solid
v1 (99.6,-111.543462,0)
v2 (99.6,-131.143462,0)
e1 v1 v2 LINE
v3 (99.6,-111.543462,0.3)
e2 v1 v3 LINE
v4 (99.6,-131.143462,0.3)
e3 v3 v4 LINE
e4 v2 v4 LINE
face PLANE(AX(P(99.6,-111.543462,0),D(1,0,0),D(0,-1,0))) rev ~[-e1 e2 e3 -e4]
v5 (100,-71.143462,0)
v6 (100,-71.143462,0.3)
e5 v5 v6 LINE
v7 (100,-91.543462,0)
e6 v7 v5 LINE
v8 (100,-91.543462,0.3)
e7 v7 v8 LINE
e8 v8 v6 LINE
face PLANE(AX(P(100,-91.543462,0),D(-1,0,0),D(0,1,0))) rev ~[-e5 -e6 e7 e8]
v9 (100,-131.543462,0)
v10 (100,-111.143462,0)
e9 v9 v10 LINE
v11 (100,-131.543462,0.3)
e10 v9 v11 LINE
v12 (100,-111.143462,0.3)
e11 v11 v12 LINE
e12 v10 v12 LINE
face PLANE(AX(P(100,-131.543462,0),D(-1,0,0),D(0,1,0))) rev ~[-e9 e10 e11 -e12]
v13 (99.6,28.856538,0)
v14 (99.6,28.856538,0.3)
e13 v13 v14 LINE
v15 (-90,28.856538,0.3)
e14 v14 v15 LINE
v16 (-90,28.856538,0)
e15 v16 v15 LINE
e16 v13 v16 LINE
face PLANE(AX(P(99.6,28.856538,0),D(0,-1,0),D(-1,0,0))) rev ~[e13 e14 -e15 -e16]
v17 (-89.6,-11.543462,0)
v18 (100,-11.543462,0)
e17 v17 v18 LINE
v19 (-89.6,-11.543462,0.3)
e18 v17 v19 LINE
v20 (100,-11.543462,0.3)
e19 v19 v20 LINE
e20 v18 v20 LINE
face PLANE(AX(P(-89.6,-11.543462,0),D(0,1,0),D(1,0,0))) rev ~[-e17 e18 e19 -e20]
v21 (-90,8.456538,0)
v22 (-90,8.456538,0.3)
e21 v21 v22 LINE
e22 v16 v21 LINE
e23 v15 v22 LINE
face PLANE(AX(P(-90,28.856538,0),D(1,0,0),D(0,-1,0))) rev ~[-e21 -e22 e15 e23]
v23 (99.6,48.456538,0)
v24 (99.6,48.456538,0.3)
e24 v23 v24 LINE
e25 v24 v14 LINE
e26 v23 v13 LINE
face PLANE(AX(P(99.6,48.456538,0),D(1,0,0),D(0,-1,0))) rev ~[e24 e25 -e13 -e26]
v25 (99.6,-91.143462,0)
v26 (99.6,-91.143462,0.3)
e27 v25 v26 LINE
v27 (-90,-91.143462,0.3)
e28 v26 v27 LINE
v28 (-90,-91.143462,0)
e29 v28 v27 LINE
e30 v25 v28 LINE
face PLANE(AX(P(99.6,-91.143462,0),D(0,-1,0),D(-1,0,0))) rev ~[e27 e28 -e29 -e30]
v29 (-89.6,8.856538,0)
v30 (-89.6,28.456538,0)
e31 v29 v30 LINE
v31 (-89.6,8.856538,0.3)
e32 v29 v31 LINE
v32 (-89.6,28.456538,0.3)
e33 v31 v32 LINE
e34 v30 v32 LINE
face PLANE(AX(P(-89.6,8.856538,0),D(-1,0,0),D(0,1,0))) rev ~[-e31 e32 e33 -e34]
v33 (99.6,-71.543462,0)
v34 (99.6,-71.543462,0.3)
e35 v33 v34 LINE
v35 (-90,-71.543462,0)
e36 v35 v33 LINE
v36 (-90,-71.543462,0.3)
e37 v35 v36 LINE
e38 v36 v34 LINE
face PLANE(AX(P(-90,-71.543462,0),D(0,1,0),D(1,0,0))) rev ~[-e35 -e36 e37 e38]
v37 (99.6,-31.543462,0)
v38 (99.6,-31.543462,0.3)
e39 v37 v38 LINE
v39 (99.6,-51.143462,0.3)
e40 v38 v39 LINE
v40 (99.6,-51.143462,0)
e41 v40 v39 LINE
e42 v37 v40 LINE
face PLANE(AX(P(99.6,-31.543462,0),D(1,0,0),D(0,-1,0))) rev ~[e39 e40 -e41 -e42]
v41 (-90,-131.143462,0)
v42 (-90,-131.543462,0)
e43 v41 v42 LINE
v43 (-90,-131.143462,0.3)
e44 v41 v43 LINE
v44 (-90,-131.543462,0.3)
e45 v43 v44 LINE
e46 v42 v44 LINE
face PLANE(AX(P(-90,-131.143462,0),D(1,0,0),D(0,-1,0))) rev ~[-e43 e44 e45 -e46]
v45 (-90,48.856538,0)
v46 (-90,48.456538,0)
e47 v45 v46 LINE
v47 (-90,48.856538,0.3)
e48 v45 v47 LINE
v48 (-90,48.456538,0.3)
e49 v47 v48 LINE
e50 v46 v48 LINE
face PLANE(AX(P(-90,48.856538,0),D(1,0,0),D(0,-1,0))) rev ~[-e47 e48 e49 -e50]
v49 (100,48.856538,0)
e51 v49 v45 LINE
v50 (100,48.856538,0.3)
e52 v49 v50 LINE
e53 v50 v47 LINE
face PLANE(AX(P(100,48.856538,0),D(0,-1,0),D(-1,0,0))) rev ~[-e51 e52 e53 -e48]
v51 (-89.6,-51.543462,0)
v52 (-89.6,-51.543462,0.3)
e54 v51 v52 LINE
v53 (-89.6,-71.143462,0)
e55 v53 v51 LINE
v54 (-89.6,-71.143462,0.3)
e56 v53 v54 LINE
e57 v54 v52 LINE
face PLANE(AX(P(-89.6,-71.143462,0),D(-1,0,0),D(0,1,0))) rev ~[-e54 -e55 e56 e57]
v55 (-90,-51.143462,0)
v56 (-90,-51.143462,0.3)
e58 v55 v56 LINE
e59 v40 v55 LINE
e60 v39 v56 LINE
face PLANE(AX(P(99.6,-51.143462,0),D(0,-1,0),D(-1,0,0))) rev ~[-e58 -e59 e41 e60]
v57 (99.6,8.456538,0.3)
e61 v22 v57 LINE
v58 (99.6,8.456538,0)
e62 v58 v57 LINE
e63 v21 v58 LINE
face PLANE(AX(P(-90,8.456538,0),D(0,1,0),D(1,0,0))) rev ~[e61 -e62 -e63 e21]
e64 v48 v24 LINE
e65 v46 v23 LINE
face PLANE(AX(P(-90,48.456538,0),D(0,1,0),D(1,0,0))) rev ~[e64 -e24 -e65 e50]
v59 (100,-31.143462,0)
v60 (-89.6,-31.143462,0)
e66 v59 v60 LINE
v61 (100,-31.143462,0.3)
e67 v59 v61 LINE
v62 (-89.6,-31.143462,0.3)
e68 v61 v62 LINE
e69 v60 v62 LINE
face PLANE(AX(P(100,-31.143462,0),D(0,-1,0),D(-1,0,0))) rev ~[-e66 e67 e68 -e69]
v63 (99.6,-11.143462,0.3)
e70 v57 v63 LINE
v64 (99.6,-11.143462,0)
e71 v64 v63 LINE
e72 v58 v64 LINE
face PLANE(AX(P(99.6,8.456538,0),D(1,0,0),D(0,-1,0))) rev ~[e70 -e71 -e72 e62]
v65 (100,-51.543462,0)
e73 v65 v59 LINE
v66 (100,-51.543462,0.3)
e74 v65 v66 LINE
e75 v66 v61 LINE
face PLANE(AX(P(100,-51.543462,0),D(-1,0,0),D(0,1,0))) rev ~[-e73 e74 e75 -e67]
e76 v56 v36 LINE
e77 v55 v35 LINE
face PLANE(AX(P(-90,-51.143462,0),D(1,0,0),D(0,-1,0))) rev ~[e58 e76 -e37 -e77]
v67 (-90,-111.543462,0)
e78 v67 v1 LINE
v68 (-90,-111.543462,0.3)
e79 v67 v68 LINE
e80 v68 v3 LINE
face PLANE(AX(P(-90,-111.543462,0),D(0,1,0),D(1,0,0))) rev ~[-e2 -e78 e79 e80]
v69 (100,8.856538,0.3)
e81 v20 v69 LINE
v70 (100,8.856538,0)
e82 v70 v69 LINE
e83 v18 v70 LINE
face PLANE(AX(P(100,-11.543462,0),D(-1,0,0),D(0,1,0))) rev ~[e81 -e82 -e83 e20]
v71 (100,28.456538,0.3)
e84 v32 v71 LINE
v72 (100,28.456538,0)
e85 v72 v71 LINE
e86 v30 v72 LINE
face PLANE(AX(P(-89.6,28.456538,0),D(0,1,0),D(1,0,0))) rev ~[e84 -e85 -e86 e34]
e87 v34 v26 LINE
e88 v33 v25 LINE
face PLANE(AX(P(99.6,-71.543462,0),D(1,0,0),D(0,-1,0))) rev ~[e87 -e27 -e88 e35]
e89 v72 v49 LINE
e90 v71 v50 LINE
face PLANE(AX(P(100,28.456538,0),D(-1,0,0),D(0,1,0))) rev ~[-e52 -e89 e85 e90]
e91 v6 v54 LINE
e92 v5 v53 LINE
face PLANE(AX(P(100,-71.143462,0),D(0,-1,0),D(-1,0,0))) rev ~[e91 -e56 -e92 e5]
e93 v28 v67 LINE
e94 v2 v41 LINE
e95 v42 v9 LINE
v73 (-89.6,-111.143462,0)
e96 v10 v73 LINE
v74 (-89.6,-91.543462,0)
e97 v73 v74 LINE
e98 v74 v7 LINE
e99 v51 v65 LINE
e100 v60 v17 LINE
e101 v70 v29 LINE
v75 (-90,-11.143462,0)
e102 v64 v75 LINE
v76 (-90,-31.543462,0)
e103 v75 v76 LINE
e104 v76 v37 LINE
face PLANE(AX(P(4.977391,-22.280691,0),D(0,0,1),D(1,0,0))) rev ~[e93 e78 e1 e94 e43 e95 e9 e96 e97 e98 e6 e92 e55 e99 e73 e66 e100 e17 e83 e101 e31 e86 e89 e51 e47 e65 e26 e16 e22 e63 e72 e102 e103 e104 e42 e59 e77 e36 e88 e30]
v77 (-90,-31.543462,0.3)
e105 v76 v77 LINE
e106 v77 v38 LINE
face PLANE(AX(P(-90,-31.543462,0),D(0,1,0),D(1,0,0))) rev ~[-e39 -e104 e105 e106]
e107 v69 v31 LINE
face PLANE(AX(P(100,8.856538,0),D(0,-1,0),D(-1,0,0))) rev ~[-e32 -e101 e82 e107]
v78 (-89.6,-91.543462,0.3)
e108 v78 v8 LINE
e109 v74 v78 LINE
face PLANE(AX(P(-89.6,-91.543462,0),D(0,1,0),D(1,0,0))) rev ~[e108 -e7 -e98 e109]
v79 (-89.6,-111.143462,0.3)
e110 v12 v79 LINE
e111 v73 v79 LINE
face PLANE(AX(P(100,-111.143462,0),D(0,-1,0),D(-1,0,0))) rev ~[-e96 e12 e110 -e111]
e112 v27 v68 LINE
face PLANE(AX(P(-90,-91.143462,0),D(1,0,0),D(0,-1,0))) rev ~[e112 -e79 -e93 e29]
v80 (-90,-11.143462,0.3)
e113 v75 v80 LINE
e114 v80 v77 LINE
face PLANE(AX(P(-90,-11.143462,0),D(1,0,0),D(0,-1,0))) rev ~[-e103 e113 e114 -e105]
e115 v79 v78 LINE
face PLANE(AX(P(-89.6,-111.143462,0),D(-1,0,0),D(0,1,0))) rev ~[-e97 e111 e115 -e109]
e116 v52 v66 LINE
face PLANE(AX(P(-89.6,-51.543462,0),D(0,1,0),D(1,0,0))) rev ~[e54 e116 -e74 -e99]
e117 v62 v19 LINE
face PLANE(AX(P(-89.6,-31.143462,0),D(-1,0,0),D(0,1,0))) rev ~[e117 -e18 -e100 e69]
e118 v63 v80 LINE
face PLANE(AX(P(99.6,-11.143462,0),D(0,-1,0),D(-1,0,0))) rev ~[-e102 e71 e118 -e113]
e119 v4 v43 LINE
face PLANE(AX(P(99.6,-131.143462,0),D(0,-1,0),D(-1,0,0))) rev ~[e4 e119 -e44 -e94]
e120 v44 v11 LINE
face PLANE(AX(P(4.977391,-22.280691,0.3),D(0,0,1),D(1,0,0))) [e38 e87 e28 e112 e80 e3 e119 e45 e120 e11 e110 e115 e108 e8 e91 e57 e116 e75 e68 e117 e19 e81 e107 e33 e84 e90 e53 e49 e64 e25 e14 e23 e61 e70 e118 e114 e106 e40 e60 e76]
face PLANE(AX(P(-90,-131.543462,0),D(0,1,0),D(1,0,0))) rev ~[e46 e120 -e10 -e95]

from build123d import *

# Parameters (mm, degrees)
F1_DEPTH = 0.3


with BuildPart() as f1:
    # F0 (on Top) → F1 (new body)
    with BuildSketch(Plane.XY):
        Polygon((100, 48.856538), (-90, 48.856538), (-90, 48.456538), (99.6, 48.456538), (99.6, 28.856538), (-90, 28.856538), (-90, 28.456538), (-90, 8.856538), (-90, 8.456538), (99.6, 8.456538), (99.6, -11.143462), (-90, -11.143462), (-90, -11.543462), (-90, -31.143462), (-90, -31.543462), (99.6, -31.543462), (99.6, -51.143462), (-90, -51.143462), (-90, -51.543462), (-90, -71.143462), (-90, -71.543462), (99.6, -71.543462), (99.6, -91.143462), (-90, -91.143462), (-90, -91.543462), (-90, -111.143462), (-89.6, -111.143462), (-89.6, -91.543462), (100, -91.543462), (100, -71.543462), (100, -71.143462), (-89.6, -71.143462), (-89.6, -51.543462), (100, -51.543462), (100, -31.543462), (100, -31.143462), (-89.6, -31.143462), (-89.6, -11.543462), (100, -11.543462), (100, 8.456538), (100, 8.856538), (-89.6, 8.856538), (-89.6, 28.456538), (100, 28.456538), (100, 48.456538), align=None)
        Polygon((100, -111.143462), (-89.6, -111.143462), (-90, -111.143462), (-90, -111.543462), (99.6, -111.543462), (99.6, -131.143462), (-90, -131.143462), (-90, -131.543462), (-89.6, -131.543462), (100, -131.543462), (100, -111.543462), align=None)
    extrude(amount=F1_DEPTH)


solid = f1.part
